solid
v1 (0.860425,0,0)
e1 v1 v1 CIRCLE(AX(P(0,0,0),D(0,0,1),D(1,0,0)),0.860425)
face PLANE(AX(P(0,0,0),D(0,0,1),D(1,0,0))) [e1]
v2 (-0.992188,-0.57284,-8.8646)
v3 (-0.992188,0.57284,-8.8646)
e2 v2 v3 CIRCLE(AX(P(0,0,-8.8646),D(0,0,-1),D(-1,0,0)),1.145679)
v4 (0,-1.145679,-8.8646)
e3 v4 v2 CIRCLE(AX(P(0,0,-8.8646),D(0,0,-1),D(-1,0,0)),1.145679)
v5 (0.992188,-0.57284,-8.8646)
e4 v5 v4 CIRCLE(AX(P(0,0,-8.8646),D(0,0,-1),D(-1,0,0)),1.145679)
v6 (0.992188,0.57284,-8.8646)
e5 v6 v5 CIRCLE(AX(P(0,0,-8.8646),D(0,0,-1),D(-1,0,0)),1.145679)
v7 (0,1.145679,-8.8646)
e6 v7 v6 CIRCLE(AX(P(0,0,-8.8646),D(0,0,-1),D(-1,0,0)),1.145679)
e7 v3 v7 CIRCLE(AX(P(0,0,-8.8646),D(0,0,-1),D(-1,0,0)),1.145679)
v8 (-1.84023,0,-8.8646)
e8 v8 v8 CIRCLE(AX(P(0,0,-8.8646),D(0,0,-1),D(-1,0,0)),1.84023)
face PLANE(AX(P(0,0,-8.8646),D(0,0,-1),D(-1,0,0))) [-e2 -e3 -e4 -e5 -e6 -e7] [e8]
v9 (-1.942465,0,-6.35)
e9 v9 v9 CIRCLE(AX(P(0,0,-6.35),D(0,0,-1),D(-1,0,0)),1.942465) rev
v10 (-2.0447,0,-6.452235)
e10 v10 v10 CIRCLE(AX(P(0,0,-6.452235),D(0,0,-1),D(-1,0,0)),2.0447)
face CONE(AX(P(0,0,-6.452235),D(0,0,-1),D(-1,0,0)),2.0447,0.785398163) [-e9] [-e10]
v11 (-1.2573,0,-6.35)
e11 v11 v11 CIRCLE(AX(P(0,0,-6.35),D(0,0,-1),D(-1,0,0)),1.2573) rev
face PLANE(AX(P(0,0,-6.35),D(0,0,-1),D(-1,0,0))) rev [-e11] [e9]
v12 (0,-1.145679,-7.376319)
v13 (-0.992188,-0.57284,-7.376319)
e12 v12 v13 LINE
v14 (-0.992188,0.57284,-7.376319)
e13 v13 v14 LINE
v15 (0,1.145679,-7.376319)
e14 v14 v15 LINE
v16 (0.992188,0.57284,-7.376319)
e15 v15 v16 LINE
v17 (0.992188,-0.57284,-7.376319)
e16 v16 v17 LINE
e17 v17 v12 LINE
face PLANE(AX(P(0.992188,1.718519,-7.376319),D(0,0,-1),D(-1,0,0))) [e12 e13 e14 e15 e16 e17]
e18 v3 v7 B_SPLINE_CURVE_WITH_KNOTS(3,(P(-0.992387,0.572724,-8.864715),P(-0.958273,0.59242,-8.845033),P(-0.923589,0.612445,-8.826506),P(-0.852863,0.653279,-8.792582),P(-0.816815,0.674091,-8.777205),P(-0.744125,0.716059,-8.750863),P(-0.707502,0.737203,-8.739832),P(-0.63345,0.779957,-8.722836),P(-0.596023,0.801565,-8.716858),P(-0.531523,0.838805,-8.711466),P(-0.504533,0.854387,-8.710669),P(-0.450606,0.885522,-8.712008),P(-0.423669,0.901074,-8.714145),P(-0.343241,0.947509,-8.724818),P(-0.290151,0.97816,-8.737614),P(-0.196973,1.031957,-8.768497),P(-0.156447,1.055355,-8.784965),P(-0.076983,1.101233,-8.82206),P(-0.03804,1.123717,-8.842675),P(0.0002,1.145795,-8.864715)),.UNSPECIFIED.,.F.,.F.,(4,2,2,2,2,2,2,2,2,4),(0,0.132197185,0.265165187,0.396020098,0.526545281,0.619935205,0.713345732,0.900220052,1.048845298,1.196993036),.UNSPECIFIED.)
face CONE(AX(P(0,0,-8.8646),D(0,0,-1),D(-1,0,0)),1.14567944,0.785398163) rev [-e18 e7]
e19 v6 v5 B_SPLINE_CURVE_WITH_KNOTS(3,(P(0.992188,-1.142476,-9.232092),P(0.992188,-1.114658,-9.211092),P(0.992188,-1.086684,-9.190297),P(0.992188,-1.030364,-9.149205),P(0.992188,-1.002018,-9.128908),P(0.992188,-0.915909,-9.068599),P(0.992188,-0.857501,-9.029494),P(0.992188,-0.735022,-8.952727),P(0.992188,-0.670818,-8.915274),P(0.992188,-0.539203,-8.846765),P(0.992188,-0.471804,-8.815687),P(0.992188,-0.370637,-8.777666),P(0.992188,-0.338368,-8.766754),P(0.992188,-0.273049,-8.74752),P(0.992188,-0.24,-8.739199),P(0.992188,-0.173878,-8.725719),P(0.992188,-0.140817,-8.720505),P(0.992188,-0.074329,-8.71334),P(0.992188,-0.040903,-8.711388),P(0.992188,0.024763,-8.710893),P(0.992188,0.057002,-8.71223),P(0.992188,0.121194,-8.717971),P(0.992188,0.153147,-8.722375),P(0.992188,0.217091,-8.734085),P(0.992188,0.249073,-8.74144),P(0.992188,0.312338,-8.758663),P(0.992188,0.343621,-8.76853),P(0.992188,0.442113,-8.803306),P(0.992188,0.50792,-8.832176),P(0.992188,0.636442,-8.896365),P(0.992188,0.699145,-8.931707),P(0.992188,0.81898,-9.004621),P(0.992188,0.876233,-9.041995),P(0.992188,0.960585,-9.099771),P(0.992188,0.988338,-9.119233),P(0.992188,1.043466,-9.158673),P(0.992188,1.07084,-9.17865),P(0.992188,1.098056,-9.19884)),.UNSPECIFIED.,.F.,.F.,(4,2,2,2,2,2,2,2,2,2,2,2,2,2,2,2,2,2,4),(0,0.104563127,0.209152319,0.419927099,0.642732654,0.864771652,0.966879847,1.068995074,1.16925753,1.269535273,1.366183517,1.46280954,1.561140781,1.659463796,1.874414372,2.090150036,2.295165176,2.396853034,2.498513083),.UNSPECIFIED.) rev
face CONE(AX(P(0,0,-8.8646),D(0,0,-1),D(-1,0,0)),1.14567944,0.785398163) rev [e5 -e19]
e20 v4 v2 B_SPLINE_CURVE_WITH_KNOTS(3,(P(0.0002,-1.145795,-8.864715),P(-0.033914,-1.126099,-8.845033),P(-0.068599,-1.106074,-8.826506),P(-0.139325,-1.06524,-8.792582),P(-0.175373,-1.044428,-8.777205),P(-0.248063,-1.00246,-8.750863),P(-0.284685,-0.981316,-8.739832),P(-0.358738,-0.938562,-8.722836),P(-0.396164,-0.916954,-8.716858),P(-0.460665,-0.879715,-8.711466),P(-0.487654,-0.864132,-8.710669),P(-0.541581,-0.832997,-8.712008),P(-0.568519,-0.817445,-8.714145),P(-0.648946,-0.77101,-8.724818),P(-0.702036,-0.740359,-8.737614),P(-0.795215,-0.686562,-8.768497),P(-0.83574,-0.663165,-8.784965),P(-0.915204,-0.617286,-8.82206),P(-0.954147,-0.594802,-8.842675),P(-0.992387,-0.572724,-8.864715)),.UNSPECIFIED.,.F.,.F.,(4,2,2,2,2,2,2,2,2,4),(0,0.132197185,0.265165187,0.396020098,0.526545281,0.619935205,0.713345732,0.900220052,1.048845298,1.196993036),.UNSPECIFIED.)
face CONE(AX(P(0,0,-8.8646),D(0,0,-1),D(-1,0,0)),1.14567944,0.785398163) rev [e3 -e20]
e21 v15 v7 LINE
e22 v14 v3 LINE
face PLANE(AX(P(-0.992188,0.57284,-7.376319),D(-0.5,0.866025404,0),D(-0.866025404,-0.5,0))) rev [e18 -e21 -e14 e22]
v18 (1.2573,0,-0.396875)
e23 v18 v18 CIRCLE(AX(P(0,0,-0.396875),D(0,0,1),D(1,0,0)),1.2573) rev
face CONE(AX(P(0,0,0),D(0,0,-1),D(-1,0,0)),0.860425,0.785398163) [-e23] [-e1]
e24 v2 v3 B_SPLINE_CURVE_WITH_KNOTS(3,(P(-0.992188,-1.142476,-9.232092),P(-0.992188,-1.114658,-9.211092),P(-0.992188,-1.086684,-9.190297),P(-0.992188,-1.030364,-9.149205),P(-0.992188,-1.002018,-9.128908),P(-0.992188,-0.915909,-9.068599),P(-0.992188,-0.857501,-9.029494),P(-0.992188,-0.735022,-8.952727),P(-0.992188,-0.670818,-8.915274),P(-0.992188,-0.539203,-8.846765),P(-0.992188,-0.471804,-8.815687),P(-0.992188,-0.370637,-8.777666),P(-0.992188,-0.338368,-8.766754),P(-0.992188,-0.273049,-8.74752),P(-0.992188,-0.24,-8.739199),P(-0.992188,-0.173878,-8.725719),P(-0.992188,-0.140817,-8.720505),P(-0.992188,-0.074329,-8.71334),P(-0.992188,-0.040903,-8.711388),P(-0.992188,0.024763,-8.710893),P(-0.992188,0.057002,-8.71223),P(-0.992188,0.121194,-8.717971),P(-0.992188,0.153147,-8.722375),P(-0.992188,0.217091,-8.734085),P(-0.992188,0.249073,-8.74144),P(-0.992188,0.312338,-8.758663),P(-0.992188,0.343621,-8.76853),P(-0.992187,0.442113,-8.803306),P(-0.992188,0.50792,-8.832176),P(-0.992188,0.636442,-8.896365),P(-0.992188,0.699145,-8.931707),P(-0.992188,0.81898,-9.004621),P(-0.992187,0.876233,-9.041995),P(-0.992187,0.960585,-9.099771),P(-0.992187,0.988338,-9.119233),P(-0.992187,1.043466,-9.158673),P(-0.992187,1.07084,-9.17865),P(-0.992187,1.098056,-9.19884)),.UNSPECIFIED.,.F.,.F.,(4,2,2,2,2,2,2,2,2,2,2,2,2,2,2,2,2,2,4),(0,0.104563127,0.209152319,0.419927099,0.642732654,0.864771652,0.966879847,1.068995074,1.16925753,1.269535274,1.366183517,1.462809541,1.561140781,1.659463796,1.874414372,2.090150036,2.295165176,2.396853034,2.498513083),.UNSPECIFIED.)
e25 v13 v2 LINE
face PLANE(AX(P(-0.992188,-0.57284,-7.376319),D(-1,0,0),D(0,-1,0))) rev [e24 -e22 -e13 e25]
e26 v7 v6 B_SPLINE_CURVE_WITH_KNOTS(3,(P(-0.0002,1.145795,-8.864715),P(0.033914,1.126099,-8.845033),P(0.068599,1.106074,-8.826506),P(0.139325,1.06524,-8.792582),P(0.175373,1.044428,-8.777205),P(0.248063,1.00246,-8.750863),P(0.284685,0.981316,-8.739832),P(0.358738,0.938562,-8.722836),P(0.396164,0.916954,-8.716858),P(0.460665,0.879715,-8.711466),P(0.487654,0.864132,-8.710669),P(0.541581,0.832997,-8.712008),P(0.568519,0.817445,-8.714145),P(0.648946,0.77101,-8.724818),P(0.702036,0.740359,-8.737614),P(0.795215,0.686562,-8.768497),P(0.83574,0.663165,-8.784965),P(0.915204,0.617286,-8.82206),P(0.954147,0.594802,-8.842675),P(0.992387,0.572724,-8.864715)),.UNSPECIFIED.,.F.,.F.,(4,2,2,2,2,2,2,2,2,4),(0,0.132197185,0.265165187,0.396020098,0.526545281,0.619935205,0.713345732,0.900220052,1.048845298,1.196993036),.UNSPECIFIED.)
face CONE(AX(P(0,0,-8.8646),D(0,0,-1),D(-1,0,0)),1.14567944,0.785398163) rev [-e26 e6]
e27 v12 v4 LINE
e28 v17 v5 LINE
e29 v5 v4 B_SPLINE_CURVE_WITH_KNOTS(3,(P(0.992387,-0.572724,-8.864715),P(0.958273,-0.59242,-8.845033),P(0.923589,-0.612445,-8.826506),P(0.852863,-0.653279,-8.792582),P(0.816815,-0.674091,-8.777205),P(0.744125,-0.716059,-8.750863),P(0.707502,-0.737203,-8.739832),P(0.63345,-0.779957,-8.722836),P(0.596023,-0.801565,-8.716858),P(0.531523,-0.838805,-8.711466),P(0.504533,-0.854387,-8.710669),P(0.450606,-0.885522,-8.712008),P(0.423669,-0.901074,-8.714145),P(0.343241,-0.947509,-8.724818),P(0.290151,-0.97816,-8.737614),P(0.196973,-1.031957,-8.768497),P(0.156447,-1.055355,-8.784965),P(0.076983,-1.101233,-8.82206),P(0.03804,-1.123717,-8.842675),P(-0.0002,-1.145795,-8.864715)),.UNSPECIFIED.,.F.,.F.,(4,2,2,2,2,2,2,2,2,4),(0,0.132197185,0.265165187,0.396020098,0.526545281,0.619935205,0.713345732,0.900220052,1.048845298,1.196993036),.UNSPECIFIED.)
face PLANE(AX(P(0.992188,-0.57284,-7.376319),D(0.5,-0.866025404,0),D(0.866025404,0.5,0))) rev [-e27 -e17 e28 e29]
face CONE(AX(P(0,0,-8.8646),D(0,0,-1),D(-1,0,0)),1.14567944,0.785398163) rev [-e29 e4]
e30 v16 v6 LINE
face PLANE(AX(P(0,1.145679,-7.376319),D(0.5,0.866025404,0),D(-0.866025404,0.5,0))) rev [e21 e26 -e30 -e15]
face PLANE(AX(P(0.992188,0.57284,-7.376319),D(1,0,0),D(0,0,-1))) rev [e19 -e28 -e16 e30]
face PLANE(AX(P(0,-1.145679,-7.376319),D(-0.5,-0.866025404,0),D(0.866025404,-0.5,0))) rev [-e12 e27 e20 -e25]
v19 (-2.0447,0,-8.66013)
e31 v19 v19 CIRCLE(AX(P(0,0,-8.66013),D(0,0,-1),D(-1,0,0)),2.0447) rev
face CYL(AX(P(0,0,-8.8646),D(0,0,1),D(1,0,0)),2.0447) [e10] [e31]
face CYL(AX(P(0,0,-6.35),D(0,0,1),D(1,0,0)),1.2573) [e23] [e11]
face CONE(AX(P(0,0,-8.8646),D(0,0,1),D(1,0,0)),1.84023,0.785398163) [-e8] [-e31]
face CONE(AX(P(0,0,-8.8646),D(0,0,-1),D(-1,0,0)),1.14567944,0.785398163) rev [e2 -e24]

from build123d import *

# Parameters (mm, degrees)
SKETCH1_R          = 1.2573
EXTRUDE1_DEPTH     = 6.35
CHAMFER3_SIZE      = 0.396875
SKETCH6_R          = 2.0447
EXTRUDE2_DEPTH     = 2.5146
CUT_EXTRUDE1_DEPTH = 1.48828125
CHAMFER1_SIZE      = 0.20447
CHAMFER2_SIZE      = 0.102235


with BuildPart() as part:
    # Sketch1 → Extrude1 (new body)
    with BuildSketch(Plane.XY):
        Circle(SKETCH1_R)
    extrude(amount=-EXTRUDE1_DEPTH)

    # Chamfer3
    chamfer3_edges = [part.edges().sort_by_distance(p)[0] for p in [
        (-1.2573, 0, 0),
    ]]
    chamfer(chamfer3_edges, length=CHAMFER3_SIZE)

    # Sketch6 → Extrude2 (add)
    with BuildSketch(Plane(origin=(0, 0, -6.35), x_dir=(-1, 0, 0), z_dir=(0, 0, -1))):
        Circle(SKETCH6_R)
    extrude(amount=EXTRUDE2_DEPTH)

    # Sketch7 → Cut-Extrude1 (cut)
    with BuildSketch(Plane(origin=(0, 0, -8.8646), x_dir=(-1, 0, 0), z_dir=(0, 0, -1))):
        Polygon((0, 1.14567944), (-0.9921875, 0.57283972), (-0.9921875, -0.57283972), (0, -1.14567944), (0.9921875, -0.57283972), (0.9921875, 0.57283972), align=None)
    extrude(amount=-CUT_EXTRUDE1_DEPTH, mode=Mode.SUBTRACT)

    # Cut-Extrude2 cone 1 section (through the dimple's axis) → Cut-Extrude2 (revolve, cut)
    with BuildSketch(Plane(origin=(0, 0, -8.8646), x_dir=(0, 1, 0), z_dir=(1, 0, 0))):
        Polygon((0, 0), (1.14567944, 0), (0, 1.14567944), align=None)
    revolve(axis=Axis((0, 0, -8.8646), (0, 0, 1)), mode=Mode.SUBTRACT)

    # Chamfer1
    chamfer1_edges = [part.edges().sort_by_distance(p)[0] for p in [
        (2.0447, 0, -8.8646),
    ]]
    chamfer(chamfer1_edges, length=CHAMFER1_SIZE)

    # Chamfer2
    chamfer2_edges = [part.edges().sort_by_distance(p)[0] for p in [
        (2.0447, 0, -6.35),
    ]]
    chamfer(chamfer2_edges, length=CHAMFER2_SIZE)


solid = part.part
